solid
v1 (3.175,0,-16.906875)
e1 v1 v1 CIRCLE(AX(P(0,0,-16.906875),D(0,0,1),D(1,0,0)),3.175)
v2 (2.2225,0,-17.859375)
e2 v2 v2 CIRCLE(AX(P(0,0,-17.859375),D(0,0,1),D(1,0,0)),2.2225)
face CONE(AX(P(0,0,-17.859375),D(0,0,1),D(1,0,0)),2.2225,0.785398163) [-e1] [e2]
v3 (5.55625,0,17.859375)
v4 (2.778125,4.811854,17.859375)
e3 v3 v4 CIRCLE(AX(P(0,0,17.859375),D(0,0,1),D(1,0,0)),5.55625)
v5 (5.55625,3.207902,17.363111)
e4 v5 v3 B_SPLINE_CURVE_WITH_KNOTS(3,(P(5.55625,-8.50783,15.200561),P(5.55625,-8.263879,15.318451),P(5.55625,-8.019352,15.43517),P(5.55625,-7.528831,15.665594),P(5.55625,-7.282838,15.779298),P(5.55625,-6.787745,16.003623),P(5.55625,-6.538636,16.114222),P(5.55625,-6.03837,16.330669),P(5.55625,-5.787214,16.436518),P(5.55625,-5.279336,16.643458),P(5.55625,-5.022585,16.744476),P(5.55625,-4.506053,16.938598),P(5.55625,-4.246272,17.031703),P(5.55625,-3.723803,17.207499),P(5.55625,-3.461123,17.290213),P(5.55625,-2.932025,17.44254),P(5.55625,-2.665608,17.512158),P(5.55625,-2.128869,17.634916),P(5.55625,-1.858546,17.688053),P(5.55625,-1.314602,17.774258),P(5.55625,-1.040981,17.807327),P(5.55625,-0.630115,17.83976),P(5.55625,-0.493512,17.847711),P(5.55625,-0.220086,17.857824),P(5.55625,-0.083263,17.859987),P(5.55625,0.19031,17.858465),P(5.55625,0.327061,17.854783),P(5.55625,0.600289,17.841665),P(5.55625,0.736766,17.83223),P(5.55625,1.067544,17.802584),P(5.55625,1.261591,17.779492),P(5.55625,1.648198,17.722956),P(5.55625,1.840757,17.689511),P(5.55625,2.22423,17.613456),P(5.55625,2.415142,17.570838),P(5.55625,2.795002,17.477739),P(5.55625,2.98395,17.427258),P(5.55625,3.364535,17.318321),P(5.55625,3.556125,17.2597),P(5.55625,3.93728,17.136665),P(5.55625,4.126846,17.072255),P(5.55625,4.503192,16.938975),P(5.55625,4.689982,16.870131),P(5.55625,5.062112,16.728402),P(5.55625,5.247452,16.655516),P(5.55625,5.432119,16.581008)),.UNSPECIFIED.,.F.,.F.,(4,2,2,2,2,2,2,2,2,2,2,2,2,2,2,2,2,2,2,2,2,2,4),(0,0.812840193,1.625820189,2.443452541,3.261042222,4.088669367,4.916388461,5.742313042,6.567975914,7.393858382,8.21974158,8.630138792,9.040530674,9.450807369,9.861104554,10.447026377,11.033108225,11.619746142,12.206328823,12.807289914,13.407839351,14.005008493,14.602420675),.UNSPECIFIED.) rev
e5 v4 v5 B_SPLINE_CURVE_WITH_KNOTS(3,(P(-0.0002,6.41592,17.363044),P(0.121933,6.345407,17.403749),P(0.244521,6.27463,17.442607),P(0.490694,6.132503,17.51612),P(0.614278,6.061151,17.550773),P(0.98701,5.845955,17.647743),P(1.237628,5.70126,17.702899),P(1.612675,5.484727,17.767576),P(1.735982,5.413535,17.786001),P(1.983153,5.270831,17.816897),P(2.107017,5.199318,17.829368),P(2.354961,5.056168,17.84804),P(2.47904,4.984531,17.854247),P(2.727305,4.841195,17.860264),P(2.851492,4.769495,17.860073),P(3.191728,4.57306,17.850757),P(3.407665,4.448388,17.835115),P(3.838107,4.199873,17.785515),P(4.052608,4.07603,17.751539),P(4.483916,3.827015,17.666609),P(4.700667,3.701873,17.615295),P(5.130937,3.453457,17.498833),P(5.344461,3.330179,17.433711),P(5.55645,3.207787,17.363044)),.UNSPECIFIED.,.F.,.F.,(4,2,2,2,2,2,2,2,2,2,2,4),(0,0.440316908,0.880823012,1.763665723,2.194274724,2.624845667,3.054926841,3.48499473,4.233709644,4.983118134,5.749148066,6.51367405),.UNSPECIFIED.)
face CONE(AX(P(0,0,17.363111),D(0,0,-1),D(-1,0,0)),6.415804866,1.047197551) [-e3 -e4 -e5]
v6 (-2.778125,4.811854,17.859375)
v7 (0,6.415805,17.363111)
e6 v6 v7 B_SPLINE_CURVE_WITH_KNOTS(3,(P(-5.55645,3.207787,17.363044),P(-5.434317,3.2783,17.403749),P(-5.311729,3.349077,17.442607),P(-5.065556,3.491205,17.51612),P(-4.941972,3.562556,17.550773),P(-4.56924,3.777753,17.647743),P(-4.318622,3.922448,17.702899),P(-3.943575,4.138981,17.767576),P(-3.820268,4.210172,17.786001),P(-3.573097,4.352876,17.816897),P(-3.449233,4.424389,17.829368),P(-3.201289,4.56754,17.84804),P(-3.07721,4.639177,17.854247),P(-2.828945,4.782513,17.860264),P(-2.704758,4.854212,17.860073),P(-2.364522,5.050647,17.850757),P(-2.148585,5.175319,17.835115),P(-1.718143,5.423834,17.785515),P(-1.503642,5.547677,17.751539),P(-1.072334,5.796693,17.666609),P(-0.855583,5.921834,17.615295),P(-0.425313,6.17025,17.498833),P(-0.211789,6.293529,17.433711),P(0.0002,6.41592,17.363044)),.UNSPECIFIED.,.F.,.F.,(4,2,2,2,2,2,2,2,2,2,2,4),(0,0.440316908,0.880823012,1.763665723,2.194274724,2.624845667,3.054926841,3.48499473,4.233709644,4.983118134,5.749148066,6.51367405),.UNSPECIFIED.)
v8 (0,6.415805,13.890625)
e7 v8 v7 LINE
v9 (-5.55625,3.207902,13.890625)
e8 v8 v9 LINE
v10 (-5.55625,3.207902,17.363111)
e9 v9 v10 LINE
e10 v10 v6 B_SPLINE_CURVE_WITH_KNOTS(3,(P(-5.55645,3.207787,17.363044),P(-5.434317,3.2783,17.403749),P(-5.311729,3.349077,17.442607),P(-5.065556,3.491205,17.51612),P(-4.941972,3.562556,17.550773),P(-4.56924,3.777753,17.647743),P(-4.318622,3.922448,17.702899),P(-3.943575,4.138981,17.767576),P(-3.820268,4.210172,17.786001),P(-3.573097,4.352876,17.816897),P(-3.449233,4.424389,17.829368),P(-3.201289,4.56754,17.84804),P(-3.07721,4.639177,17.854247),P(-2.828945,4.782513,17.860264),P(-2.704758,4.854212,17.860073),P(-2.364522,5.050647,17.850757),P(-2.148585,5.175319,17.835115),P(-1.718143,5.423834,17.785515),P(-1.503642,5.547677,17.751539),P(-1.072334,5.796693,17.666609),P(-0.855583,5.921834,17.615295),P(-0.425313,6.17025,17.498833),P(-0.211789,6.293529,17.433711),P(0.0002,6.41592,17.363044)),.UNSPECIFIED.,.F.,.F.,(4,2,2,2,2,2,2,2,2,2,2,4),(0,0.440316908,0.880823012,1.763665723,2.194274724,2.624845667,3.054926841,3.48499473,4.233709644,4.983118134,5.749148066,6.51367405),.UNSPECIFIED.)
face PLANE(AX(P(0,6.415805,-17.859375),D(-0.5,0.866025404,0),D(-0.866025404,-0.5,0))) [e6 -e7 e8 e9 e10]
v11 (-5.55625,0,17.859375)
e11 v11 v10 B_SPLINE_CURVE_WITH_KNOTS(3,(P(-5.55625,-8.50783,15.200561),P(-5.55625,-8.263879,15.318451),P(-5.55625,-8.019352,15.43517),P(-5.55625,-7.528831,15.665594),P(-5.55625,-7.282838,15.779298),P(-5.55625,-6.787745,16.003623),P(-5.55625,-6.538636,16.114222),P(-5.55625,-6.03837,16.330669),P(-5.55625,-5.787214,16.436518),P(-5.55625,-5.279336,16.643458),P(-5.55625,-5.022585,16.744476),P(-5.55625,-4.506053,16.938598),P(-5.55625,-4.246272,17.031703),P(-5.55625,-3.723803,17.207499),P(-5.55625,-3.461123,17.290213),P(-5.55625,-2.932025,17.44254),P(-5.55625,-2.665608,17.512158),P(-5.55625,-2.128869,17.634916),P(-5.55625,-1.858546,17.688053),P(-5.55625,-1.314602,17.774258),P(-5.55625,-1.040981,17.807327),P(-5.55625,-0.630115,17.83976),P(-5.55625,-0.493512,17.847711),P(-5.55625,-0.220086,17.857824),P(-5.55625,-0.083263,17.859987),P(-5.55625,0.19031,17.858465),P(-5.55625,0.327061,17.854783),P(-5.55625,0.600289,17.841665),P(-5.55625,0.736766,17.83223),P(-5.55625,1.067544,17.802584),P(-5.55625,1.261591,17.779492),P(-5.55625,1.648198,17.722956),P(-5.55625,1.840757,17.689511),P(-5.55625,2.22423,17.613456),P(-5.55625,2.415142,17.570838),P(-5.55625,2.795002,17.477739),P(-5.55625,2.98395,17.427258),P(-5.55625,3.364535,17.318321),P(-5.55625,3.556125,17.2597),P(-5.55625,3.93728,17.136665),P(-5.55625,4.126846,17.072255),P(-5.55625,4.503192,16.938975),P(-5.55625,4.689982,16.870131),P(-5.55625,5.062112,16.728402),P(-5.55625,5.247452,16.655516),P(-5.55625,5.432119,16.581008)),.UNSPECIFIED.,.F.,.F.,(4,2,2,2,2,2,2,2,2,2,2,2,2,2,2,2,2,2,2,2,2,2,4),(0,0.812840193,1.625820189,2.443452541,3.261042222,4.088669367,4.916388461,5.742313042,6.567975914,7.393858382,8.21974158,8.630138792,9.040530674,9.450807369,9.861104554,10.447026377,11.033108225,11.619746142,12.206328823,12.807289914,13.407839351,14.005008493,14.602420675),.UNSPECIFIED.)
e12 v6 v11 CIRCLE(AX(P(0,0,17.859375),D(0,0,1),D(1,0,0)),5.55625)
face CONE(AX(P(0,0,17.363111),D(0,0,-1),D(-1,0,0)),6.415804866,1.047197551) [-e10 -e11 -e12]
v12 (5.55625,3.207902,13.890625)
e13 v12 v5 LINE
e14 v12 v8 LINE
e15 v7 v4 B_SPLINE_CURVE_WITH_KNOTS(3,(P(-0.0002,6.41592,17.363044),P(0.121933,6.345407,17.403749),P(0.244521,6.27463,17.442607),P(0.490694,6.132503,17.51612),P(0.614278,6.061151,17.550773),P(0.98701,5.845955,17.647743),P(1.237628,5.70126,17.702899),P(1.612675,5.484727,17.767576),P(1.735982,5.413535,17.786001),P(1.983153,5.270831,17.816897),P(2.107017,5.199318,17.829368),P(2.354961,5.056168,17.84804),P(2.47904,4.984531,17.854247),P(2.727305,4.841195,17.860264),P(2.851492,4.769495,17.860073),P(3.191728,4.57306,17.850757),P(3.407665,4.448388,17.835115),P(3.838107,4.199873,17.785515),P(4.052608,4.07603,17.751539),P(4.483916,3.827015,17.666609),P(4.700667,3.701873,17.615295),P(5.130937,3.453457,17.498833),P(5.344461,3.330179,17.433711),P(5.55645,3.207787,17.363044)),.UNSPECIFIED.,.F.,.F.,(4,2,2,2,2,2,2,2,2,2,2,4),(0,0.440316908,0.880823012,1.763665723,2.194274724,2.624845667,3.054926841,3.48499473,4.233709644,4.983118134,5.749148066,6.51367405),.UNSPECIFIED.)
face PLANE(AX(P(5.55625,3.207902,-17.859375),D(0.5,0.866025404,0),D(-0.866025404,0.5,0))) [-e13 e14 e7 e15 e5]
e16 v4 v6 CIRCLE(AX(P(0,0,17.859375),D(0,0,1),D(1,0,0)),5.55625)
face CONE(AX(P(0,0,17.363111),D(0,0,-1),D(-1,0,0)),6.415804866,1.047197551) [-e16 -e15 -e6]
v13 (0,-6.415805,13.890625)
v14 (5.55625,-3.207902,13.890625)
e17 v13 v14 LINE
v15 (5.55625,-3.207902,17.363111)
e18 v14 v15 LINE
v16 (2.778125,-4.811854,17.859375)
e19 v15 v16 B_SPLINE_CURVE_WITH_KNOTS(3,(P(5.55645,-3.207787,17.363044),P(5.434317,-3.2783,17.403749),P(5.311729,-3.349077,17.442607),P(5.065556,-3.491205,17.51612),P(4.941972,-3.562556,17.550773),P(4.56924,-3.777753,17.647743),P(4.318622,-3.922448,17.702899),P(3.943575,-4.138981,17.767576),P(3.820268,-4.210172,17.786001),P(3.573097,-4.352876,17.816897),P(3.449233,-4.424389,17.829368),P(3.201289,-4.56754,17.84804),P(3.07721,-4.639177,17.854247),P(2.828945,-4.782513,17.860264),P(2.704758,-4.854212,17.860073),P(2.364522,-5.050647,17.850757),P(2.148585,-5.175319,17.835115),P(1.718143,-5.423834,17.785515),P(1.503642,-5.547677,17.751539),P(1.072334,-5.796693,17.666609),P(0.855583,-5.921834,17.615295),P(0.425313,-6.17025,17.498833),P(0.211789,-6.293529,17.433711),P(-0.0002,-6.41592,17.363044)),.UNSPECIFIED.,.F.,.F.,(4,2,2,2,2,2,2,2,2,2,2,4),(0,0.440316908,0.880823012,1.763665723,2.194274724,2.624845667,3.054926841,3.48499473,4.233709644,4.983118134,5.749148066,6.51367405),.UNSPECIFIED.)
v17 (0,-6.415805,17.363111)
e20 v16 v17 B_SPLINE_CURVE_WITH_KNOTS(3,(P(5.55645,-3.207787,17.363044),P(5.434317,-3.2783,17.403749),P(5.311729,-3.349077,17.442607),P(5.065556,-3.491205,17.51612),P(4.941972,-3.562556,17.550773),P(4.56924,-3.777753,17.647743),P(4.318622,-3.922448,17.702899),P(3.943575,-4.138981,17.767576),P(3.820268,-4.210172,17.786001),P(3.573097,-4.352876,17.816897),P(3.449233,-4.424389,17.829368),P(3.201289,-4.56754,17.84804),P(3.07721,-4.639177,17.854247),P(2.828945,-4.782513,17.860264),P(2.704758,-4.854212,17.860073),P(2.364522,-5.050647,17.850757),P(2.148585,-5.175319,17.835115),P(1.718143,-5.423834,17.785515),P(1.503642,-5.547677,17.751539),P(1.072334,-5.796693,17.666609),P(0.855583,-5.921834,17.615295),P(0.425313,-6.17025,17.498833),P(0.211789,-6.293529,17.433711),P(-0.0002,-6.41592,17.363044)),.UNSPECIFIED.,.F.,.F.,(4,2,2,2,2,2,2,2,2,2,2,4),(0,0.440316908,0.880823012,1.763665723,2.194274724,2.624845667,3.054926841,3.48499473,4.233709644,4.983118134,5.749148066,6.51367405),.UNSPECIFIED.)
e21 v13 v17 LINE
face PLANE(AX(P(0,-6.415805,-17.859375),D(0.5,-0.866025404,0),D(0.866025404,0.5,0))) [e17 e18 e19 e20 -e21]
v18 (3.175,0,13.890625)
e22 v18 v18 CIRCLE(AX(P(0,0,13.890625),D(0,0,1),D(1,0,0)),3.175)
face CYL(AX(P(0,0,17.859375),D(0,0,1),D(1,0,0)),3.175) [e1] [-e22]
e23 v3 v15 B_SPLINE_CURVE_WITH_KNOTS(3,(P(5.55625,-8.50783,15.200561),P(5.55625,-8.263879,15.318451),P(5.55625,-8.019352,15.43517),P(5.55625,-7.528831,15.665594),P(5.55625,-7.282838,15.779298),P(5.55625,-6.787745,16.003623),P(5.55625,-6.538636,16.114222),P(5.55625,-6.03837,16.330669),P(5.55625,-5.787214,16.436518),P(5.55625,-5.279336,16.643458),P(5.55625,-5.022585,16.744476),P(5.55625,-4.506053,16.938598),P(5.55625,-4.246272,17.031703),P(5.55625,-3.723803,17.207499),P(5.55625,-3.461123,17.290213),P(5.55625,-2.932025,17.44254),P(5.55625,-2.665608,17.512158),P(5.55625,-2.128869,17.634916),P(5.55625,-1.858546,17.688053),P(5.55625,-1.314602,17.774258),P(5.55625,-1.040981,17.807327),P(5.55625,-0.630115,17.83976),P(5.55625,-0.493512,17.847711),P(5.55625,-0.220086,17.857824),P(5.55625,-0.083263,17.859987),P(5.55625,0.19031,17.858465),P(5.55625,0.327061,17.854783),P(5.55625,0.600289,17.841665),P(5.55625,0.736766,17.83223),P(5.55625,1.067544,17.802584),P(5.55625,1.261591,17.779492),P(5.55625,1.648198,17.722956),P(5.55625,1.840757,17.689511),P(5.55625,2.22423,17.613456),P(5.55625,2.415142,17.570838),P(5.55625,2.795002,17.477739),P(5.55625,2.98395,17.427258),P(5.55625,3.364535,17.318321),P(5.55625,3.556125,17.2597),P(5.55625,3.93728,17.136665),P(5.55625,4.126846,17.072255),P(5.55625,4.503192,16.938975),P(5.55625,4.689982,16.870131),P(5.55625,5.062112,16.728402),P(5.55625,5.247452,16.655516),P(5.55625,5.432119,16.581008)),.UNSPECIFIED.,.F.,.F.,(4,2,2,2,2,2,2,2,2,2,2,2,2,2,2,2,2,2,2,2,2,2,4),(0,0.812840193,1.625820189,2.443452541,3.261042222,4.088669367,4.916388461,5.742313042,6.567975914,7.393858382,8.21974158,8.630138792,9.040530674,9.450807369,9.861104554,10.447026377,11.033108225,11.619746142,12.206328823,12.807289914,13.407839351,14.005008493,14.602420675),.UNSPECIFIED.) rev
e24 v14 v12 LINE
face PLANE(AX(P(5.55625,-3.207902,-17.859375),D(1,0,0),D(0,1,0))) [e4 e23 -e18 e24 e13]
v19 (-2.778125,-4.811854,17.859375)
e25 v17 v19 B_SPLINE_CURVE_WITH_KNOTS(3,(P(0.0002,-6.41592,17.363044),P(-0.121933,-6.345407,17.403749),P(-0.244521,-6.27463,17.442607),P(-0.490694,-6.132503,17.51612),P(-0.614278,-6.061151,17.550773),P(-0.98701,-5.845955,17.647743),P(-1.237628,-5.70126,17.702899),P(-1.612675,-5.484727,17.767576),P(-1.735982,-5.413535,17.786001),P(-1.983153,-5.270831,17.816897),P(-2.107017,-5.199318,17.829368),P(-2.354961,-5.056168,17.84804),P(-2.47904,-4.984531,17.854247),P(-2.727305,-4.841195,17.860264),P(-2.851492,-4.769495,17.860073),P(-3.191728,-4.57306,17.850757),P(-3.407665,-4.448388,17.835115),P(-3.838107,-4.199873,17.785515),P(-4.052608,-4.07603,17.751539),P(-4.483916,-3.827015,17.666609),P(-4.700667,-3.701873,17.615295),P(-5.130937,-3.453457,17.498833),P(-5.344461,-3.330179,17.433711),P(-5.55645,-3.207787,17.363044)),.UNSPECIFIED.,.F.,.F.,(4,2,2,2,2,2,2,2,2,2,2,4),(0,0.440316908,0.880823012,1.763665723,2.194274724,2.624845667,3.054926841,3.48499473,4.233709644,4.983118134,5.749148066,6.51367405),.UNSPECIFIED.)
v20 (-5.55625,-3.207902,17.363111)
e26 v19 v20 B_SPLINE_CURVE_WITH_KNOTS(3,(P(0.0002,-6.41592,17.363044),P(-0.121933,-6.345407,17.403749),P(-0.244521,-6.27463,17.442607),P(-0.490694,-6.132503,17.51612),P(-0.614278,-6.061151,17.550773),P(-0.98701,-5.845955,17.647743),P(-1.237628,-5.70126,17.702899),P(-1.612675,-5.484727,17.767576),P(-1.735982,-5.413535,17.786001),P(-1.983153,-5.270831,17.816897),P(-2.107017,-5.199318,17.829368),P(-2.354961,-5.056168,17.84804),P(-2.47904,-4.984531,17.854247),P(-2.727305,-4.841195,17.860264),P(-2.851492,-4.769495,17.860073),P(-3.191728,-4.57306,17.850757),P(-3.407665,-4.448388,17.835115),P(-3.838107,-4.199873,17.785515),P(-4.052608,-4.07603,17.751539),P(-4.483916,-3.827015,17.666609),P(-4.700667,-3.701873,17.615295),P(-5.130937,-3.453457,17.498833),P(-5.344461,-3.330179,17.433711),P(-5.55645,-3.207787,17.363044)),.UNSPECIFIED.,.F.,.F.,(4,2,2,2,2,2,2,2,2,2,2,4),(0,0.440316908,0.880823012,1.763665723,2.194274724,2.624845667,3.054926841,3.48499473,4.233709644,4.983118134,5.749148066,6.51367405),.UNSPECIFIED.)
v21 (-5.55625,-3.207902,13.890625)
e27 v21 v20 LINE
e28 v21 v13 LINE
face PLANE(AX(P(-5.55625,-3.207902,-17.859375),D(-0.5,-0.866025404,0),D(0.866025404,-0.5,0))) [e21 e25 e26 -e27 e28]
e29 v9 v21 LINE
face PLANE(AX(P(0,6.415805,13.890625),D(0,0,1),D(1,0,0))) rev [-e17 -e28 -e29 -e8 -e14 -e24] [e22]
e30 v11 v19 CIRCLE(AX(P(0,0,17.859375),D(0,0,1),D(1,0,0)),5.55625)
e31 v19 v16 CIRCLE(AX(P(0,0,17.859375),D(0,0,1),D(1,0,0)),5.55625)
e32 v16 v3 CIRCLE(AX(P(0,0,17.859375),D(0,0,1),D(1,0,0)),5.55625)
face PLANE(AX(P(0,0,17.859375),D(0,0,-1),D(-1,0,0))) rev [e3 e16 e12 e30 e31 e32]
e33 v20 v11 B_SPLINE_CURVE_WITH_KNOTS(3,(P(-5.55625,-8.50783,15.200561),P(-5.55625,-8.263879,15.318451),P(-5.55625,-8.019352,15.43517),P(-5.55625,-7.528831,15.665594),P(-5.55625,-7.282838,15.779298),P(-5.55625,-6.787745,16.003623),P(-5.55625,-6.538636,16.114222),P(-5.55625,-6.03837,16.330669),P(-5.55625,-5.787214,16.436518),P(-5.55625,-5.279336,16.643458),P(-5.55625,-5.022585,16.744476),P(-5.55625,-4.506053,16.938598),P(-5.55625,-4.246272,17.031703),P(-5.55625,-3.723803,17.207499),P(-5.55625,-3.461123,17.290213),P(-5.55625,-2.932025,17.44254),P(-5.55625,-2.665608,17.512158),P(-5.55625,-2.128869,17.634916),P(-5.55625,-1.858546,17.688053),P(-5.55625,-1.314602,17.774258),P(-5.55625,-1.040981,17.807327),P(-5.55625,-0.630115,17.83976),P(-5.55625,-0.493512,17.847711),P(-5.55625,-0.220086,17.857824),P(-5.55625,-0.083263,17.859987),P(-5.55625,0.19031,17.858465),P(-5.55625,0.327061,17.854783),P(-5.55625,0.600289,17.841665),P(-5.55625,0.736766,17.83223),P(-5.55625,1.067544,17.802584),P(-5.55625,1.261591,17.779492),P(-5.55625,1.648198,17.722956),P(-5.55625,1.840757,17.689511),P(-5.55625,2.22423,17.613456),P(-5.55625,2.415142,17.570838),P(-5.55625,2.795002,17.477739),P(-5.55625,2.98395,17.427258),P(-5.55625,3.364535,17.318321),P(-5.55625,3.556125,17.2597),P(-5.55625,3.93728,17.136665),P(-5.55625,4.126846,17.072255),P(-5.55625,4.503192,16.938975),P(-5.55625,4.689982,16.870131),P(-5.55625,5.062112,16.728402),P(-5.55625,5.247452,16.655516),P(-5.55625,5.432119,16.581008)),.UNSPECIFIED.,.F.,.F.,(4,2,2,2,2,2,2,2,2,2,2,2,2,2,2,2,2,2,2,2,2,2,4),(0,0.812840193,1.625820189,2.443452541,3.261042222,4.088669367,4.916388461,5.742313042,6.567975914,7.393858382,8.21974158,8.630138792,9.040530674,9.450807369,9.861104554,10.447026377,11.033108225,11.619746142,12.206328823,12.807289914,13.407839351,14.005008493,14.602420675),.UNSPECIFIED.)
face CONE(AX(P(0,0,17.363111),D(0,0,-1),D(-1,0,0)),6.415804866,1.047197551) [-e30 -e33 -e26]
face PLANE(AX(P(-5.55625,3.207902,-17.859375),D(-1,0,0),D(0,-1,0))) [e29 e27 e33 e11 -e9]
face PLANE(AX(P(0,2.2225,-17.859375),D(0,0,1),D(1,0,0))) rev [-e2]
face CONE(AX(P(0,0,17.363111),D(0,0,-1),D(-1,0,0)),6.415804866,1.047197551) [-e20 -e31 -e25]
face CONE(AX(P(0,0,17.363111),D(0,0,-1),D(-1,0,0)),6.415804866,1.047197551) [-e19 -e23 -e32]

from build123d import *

# Parameters (mm, degrees)
SKETCH4_OUTSIDE_W  = 22.844
SKETCH4_OUTSIDE_H  = 22.844
CUT_EXTRUDE1_DEPTH = 37.85314377


with BuildPart() as part:
    # Sketch3 → Revolve1 (revolve)
    with BuildSketch(Plane(origin=(0, 0, 0), x_dir=(0, 0, -1), z_dir=(1, 0, 0))):
        Polygon((17.859375, 2.2225), (17.859375, 0), (-17.859375, 0), (-17.859375, 5.55625), (-17.363110767, 6.415804866), (-13.890625, 6.415804866), (-13.890625, 3.175), (16.906875, 3.175), align=None)
    revolve(axis=Axis((0, 0, 17.859375), (0, 0, -1)))

    # Sketch4 outside → Cut-Extrude1 (cut, through all)
    with BuildSketch(Plane.XY.offset(17.859375)):
        Rectangle(SKETCH4_OUTSIDE_W, SKETCH4_OUTSIDE_H)
        Polygon((5.55625, -3.207902433), (5.55625, 3.207902433), (0, 6.415804866), (-5.55625, 3.207902433), (-5.55625, -3.207902433), (0, -6.415804866), align=None, mode=Mode.SUBTRACT)
    extrude(amount=-CUT_EXTRUDE1_DEPTH, mode=Mode.SUBTRACT)


solid = part.part
